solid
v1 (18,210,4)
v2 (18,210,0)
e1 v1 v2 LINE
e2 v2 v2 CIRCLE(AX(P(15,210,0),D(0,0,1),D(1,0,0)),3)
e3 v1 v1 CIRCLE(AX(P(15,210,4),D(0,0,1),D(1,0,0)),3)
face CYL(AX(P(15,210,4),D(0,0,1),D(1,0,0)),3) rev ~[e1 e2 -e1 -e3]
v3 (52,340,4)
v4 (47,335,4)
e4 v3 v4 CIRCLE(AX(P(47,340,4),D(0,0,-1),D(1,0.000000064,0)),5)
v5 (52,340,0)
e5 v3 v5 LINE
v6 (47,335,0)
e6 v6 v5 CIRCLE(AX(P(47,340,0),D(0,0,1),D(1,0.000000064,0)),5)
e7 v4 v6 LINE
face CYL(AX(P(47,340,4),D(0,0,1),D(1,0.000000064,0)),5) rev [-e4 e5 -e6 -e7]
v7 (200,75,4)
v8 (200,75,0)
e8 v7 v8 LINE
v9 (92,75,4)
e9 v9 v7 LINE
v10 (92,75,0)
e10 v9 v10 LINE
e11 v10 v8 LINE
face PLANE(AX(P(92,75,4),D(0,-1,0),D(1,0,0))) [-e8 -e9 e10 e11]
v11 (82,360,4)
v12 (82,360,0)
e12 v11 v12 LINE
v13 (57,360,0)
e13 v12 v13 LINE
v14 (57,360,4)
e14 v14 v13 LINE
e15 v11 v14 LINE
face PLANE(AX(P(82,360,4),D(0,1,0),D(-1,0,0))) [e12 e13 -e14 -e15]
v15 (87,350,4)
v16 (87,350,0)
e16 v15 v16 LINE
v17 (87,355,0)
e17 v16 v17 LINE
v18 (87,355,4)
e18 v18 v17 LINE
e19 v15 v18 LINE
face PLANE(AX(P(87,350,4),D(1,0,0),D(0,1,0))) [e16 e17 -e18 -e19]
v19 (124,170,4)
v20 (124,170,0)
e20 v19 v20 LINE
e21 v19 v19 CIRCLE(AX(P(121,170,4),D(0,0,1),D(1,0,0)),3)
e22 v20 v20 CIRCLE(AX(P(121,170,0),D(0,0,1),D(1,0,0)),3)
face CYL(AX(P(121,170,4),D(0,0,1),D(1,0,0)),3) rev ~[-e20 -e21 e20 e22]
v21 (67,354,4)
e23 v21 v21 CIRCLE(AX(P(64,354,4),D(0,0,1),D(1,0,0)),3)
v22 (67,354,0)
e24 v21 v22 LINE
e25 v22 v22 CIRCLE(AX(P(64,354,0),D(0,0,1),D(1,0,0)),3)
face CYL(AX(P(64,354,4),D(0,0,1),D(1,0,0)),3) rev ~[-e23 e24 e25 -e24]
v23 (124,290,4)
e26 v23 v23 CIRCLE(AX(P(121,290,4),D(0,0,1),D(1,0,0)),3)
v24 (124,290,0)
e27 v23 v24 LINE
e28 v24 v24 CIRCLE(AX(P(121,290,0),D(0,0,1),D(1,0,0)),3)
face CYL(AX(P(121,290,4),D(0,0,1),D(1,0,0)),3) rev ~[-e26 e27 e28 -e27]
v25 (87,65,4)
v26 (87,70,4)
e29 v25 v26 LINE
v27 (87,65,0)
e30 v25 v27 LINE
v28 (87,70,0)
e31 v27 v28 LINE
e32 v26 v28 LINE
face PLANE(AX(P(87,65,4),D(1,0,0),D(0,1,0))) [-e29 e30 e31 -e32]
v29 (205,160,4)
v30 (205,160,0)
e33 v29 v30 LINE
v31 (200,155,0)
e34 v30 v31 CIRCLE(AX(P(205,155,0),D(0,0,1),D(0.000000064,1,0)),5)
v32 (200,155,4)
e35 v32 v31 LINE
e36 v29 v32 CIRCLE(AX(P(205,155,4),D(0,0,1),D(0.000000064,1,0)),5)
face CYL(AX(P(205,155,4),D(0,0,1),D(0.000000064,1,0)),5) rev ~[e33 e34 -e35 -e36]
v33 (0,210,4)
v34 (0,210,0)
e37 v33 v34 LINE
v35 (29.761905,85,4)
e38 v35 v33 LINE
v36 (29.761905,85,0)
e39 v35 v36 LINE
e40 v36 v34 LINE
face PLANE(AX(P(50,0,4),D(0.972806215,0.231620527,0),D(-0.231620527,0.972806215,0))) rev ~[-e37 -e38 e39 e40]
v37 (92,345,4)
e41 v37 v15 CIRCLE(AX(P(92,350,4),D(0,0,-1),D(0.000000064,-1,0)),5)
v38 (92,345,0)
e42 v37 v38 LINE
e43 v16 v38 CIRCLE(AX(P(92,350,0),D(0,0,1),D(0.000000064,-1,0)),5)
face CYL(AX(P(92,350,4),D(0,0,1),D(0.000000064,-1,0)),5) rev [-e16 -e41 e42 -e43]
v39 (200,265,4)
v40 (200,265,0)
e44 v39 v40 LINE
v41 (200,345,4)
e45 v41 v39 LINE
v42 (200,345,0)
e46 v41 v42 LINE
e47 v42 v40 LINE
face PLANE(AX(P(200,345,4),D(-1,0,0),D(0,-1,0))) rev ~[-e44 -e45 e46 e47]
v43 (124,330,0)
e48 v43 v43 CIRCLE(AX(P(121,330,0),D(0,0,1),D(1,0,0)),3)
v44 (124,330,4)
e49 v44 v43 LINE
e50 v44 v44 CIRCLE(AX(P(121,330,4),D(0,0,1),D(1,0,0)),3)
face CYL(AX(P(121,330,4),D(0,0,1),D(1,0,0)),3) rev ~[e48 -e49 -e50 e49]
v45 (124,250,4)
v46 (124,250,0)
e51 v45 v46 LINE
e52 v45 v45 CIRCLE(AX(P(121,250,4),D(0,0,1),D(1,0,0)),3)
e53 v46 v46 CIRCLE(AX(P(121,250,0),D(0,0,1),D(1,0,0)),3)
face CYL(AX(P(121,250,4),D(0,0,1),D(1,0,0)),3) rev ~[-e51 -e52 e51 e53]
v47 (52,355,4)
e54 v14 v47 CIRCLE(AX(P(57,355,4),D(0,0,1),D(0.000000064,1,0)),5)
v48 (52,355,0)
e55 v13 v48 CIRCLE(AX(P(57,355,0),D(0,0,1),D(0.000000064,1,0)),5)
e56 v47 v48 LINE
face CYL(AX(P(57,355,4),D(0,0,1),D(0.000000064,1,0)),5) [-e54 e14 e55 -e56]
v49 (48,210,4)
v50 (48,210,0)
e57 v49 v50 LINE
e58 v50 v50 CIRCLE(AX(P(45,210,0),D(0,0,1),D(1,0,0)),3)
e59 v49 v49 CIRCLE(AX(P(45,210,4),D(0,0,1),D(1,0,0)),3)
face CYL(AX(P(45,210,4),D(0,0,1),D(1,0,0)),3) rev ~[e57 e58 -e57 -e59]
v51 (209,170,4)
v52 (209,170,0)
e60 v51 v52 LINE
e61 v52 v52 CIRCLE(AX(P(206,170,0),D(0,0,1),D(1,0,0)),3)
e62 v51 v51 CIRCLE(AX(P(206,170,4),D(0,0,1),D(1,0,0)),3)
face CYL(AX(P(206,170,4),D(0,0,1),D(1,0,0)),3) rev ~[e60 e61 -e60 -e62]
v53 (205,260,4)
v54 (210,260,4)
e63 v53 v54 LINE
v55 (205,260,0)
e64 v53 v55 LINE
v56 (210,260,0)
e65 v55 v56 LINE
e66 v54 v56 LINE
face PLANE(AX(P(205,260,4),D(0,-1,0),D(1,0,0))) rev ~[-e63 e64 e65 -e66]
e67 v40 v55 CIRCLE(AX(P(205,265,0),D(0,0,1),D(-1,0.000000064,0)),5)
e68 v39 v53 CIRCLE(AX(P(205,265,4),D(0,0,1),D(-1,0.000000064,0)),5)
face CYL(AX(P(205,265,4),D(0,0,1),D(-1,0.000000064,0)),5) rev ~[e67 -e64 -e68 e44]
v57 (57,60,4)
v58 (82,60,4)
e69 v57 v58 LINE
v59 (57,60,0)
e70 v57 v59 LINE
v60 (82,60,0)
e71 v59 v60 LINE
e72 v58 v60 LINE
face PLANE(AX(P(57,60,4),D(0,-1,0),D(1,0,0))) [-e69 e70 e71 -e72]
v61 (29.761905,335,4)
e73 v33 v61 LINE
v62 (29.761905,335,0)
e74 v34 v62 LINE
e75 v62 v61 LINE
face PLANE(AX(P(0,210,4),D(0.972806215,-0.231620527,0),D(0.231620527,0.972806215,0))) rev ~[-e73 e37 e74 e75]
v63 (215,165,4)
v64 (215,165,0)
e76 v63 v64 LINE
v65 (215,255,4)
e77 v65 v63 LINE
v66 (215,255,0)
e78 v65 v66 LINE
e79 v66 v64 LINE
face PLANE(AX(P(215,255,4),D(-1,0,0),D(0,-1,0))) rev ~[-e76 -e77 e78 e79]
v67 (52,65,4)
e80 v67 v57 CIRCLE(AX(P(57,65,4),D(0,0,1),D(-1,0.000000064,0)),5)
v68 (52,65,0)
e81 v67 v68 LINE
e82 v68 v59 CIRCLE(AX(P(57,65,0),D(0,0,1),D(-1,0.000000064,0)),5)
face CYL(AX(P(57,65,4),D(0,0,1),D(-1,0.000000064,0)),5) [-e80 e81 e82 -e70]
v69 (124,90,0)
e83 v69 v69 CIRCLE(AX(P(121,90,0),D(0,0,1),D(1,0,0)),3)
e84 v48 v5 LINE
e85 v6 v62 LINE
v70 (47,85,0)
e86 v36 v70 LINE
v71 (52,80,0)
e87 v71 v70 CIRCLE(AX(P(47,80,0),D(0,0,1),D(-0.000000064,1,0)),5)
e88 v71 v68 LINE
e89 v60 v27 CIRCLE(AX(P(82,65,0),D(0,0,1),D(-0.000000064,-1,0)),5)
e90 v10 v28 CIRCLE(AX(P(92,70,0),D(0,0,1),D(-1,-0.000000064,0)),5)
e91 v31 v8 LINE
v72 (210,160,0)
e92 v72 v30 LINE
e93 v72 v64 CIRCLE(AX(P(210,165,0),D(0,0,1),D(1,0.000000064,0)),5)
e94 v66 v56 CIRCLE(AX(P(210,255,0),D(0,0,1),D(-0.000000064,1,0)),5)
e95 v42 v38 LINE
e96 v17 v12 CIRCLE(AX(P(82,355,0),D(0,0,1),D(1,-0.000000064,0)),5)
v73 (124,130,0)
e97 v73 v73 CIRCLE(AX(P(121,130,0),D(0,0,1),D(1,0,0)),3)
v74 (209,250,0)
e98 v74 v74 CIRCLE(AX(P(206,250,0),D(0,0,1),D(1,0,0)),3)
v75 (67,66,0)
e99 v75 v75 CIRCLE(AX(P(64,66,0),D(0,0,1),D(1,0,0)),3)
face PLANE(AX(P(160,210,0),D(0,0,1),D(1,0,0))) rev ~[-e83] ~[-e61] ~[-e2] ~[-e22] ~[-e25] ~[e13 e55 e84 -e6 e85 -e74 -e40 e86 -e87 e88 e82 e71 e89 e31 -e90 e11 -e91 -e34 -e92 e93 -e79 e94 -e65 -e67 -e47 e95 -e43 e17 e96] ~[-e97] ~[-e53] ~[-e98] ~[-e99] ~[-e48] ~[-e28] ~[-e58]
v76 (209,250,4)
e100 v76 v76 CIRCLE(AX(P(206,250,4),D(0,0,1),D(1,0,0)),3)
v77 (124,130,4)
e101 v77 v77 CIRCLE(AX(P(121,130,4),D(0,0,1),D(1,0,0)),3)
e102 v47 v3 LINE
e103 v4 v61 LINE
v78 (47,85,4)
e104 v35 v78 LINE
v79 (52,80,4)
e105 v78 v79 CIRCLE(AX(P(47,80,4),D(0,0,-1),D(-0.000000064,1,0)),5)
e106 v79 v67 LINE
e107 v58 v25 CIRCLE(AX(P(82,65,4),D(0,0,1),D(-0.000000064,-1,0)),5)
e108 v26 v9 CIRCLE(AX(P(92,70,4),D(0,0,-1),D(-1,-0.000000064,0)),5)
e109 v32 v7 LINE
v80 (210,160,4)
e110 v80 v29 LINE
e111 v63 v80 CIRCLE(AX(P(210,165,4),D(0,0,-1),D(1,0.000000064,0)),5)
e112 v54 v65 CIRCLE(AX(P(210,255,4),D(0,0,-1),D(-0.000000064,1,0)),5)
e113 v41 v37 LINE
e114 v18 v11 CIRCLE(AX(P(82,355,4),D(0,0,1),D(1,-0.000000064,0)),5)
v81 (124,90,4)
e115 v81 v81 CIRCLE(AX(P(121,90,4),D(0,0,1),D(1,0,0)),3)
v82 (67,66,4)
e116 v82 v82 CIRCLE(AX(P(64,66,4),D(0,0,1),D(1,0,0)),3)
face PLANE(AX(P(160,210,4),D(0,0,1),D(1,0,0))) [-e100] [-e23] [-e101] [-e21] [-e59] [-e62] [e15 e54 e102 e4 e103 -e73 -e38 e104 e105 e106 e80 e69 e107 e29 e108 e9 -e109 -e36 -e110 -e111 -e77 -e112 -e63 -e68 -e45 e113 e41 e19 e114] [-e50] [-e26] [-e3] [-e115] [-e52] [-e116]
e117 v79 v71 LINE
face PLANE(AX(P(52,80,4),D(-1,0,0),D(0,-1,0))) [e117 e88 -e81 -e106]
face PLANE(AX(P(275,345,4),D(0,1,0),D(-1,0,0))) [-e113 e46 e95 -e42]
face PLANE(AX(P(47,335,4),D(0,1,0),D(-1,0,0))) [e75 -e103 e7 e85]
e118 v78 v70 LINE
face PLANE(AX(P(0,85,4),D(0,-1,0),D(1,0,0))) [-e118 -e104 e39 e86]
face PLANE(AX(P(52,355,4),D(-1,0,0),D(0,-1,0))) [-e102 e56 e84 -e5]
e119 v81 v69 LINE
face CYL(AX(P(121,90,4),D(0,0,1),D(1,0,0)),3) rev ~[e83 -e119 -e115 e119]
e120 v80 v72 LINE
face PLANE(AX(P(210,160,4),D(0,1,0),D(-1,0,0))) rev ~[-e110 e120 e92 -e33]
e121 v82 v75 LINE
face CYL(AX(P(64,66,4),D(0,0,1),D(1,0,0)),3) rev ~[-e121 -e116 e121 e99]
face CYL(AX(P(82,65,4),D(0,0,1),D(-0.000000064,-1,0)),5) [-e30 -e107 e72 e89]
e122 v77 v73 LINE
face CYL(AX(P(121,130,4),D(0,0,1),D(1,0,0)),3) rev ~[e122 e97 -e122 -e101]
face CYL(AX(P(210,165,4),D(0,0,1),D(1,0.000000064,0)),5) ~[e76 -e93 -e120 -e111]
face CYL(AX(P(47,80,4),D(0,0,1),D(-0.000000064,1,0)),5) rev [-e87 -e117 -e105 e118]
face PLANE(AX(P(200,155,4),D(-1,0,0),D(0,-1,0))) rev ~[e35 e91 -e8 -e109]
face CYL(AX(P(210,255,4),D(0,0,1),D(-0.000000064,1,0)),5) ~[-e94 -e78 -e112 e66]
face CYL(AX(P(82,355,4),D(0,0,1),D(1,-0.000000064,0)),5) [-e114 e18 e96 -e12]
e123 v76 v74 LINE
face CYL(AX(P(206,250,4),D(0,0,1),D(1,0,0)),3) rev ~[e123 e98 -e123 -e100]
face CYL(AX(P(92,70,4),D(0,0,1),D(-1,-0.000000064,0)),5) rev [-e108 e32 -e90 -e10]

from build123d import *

# Parameters (mm, degrees)
F0_W      = 320
F0_H      = 420
F1_DEPTH  = 4
F3_DEPTH  = 4
F4_R      = 3
F5_DEPTH  = 25
F6_R      = 3
F7_DEPTH  = 25
F8_R      = 3
F9_DEPTH  = 25
F11_DEPTH = 25
F13_DEPTH = 25


with BuildPart() as f1:
    # F0 (on Top) → F1 (new body)
    with BuildSketch(Plane.XY):
        with Locations((160, 210)):
            Rectangle(F0_W, F0_H)
    extrude(amount=F1_DEPTH)

    # F2 (on face) → F3 (cut, through all)
    with BuildSketch(Plane.XY.offset(4)):
        Polygon((320, 420), (290, 420), (320, 360), align=None)
        Polygon((320, 60), (290, 0), (320, 0), align=None)
        with BuildLine():
            Line((113, 360), (213, 360))
            ThreePointArc((213, 360), (216.535534, 361.464466), (218, 365))
            Line((218, 365), (218, 403))
            ThreePointArc((218, 403), (216.535534, 406.535534), (213, 408))
            Line((213, 408), (113, 408))
            ThreePointArc((113, 408), (109.464466, 406.535534), (108, 403))
            Line((108, 403), (108, 365))
            ThreePointArc((108, 365), (109.464466, 361.464466), (113, 360))
        make_face()
        with BuildLine():
            Line((113, 12), (213, 12))
            ThreePointArc((213, 12), (216.535534, 13.464466), (218, 17))
            Line((218, 17), (218, 55))
            ThreePointArc((218, 55), (216.535534, 58.535534), (213, 60))
            Line((213, 60), (113, 60))
            ThreePointArc((113, 60), (109.464466, 58.535534), (108, 55))
            Line((108, 55), (108, 17))
            ThreePointArc((108, 17), (109.464466, 13.464466), (113, 12))
        make_face()
        Polygon((0, 420), (0, 210), (50, 420), align=None)
        Polygon((50, 0), (0, 210), (0, 0), align=None)
    extrude(amount=-F3_DEPTH, mode=Mode.SUBTRACT)

    # F4 (on face) → F5 (cut)
    with BuildSketch(Plane.XY.offset(4)):
        with Locations((67, 6)):
            Circle(F4_R)
        with Locations((97, 6)):
            Circle(F4_R)
        with Locations((127, 6)):
            Circle(F4_R)
        with Locations((157, 6)):
            Circle(F4_R)
        with Locations((187, 6)):
            Circle(F4_R)
        with Locations((217, 6)):
            Circle(F4_R)
        with Locations((247, 6)):
            Circle(F4_R)
        with Locations((277, 6)):
            Circle(F4_R)
        with Locations((64, 66)):
            Circle(F4_R)
        with Locations((94, 66)):
            Circle(F4_R)
        with Locations((124, 66)):
            Circle(F4_R)
        with Locations((220, 66)):
            Circle(F4_R)
        with Locations((250, 66)):
            Circle(F4_R)
        with Locations((280, 66)):
            Circle(F4_R)
        with Locations((310, 66)):
            Circle(F4_R)
        with Locations((67, 414)):
            Circle(F4_R)
        with Locations((64, 354)):
            Circle(F4_R)
        with Locations((97, 414)):
            Circle(F4_R)
        with Locations((310, 354)):
            Circle(F4_R)
        with Locations((277, 414)):
            Circle(F4_R)
        with Locations((94, 354)):
            Circle(F4_R)
        with Locations((220, 354)):
            Circle(F4_R)
        with Locations((280, 354)):
            Circle(F4_R)
        with Locations((124, 354)):
            Circle(F4_R)
        with Locations((127, 414)):
            Circle(F4_R)
        with Locations((250, 354)):
            Circle(F4_R)
        with Locations((157, 414)):
            Circle(F4_R)
        with Locations((187, 414)):
            Circle(F4_R)
        with Locations((217, 414)):
            Circle(F4_R)
        with Locations((247, 414)):
            Circle(F4_R)
    extrude(amount=-F5_DEPTH, mode=Mode.SUBTRACT)

    # F6 (on face) → F7 (cut)
    with BuildSketch(Plane.XY.offset(4)):
        with Locations((121, 90)):
            Circle(F6_R)
        with Locations((121, 130)):
            Circle(F6_R)
        with Locations((121, 170)):
            Circle(F6_R)
        with Locations((206, 90)):
            Circle(F6_R)
        with Locations((206, 130)):
            Circle(F6_R)
        with Locations((206, 170)):
            Circle(F6_R)
        with Locations((291, 80)):
            Circle(F6_R)
        with Locations((291, 120)):
            Circle(F6_R)
        with Locations((291, 160)):
            Circle(F6_R)
        with Locations((121, 330)):
            Circle(F6_R)
        with Locations((121, 290)):
            Circle(F6_R)
        with Locations((206, 330)):
            Circle(F6_R)
        with Locations((206, 250)):
            Circle(F6_R)
        with Locations((291, 340)):
            Circle(F6_R)
        with Locations((121, 250)):
            Circle(F6_R)
        with Locations((206, 290)):
            Circle(F6_R)
        with Locations((291, 300)):
            Circle(F6_R)
        with Locations((291, 260)):
            Circle(F6_R)
    extrude(amount=-F7_DEPTH, mode=Mode.SUBTRACT)

    # F8 (on face) → F9 (cut)
    with BuildSketch(Plane.XY.offset(4)):
        with Locations((15, 210)):
            Circle(F8_R)
        with Locations((45, 210)):
            Circle(F8_R)
    extrude(amount=-F9_DEPTH, mode=Mode.SUBTRACT)

    # F10 (on face) → F11 (intersect)
    with BuildSketch(Plane.XY.offset(4)):
        with BuildLine():
            Line((87, 350), (87, 355))
            ThreePointArc((87, 355), (85.535534, 358.535534), (82, 360))
            Line((82, 360), (57, 360))
            ThreePointArc((57, 360), (53.464466, 358.535534), (52, 355))
            Line((52, 355), (52, 340))
            ThreePointArc((52, 340), (50.535534, 336.464466), (47, 335))
            Line((47, 335), (0, 335))
            Line((0, 335), (0, 210))
            Line((0, 210), (0, 85))
            Line((0, 85), (47, 85))
            ThreePointArc((47, 85), (50.535534, 83.535534), (52, 80))
            Line((52, 80), (52, 65))
            ThreePointArc((52, 65), (53.464466, 61.464466), (57, 60))
            Line((57, 60), (82, 60))
            ThreePointArc((82, 60), (85.535534, 61.464466), (87, 65))
            Line((87, 65), (87, 70))
            ThreePointArc((87, 70), (88.464466, 73.535534), (92, 75))
            Line((92, 75), (275, 75))
            ThreePointArc((275, 75), (278.535534, 76.464466), (280, 80))
            Line((280, 80), (280, 82))
            ThreePointArc((280, 82), (281.464466, 85.535534), (285, 87))
            Line((285, 87), (320, 87))
            Line((320, 87), (320, 210))
            Line((320, 210), (320, 333))
            Line((320, 333), (285, 333))
            ThreePointArc((285, 333), (281.464466, 334.464466), (280, 338))
            Line((280, 338), (280, 340))
            ThreePointArc((280, 340), (278.535534, 343.535534), (275, 345))
            Line((275, 345), (92, 345))
            ThreePointArc((92, 345), (88.464466, 346.464466), (87, 350))
        make_face()
    extrude(amount=-F11_DEPTH, mode=Mode.INTERSECT)

    # F12 (on face) → F13 (cut)
    with BuildSketch(Plane.XY.offset(4)):
        with BuildLine():
            Line((320, 75), (320, 345))
            Line((320, 345), (200, 345))
            Line((200, 345), (200, 265))
            ThreePointArc((200, 265), (201.464466, 261.464466), (205, 260))
            Line((205, 260), (210, 260))
            ThreePointArc((210, 260), (213.535534, 258.535534), (215, 255))
            Line((215, 255), (215, 165))
            ThreePointArc((215, 165), (213.535534, 161.464466), (210, 160))
            Line((210, 160), (205, 160))
            ThreePointArc((205, 160), (201.464466, 158.535534), (200, 155))
            Line((200, 155), (200, 75))
            Line((200, 75), (320, 75))
        make_face()
    extrude(amount=-F13_DEPTH, mode=Mode.SUBTRACT)


solid = f1.part
